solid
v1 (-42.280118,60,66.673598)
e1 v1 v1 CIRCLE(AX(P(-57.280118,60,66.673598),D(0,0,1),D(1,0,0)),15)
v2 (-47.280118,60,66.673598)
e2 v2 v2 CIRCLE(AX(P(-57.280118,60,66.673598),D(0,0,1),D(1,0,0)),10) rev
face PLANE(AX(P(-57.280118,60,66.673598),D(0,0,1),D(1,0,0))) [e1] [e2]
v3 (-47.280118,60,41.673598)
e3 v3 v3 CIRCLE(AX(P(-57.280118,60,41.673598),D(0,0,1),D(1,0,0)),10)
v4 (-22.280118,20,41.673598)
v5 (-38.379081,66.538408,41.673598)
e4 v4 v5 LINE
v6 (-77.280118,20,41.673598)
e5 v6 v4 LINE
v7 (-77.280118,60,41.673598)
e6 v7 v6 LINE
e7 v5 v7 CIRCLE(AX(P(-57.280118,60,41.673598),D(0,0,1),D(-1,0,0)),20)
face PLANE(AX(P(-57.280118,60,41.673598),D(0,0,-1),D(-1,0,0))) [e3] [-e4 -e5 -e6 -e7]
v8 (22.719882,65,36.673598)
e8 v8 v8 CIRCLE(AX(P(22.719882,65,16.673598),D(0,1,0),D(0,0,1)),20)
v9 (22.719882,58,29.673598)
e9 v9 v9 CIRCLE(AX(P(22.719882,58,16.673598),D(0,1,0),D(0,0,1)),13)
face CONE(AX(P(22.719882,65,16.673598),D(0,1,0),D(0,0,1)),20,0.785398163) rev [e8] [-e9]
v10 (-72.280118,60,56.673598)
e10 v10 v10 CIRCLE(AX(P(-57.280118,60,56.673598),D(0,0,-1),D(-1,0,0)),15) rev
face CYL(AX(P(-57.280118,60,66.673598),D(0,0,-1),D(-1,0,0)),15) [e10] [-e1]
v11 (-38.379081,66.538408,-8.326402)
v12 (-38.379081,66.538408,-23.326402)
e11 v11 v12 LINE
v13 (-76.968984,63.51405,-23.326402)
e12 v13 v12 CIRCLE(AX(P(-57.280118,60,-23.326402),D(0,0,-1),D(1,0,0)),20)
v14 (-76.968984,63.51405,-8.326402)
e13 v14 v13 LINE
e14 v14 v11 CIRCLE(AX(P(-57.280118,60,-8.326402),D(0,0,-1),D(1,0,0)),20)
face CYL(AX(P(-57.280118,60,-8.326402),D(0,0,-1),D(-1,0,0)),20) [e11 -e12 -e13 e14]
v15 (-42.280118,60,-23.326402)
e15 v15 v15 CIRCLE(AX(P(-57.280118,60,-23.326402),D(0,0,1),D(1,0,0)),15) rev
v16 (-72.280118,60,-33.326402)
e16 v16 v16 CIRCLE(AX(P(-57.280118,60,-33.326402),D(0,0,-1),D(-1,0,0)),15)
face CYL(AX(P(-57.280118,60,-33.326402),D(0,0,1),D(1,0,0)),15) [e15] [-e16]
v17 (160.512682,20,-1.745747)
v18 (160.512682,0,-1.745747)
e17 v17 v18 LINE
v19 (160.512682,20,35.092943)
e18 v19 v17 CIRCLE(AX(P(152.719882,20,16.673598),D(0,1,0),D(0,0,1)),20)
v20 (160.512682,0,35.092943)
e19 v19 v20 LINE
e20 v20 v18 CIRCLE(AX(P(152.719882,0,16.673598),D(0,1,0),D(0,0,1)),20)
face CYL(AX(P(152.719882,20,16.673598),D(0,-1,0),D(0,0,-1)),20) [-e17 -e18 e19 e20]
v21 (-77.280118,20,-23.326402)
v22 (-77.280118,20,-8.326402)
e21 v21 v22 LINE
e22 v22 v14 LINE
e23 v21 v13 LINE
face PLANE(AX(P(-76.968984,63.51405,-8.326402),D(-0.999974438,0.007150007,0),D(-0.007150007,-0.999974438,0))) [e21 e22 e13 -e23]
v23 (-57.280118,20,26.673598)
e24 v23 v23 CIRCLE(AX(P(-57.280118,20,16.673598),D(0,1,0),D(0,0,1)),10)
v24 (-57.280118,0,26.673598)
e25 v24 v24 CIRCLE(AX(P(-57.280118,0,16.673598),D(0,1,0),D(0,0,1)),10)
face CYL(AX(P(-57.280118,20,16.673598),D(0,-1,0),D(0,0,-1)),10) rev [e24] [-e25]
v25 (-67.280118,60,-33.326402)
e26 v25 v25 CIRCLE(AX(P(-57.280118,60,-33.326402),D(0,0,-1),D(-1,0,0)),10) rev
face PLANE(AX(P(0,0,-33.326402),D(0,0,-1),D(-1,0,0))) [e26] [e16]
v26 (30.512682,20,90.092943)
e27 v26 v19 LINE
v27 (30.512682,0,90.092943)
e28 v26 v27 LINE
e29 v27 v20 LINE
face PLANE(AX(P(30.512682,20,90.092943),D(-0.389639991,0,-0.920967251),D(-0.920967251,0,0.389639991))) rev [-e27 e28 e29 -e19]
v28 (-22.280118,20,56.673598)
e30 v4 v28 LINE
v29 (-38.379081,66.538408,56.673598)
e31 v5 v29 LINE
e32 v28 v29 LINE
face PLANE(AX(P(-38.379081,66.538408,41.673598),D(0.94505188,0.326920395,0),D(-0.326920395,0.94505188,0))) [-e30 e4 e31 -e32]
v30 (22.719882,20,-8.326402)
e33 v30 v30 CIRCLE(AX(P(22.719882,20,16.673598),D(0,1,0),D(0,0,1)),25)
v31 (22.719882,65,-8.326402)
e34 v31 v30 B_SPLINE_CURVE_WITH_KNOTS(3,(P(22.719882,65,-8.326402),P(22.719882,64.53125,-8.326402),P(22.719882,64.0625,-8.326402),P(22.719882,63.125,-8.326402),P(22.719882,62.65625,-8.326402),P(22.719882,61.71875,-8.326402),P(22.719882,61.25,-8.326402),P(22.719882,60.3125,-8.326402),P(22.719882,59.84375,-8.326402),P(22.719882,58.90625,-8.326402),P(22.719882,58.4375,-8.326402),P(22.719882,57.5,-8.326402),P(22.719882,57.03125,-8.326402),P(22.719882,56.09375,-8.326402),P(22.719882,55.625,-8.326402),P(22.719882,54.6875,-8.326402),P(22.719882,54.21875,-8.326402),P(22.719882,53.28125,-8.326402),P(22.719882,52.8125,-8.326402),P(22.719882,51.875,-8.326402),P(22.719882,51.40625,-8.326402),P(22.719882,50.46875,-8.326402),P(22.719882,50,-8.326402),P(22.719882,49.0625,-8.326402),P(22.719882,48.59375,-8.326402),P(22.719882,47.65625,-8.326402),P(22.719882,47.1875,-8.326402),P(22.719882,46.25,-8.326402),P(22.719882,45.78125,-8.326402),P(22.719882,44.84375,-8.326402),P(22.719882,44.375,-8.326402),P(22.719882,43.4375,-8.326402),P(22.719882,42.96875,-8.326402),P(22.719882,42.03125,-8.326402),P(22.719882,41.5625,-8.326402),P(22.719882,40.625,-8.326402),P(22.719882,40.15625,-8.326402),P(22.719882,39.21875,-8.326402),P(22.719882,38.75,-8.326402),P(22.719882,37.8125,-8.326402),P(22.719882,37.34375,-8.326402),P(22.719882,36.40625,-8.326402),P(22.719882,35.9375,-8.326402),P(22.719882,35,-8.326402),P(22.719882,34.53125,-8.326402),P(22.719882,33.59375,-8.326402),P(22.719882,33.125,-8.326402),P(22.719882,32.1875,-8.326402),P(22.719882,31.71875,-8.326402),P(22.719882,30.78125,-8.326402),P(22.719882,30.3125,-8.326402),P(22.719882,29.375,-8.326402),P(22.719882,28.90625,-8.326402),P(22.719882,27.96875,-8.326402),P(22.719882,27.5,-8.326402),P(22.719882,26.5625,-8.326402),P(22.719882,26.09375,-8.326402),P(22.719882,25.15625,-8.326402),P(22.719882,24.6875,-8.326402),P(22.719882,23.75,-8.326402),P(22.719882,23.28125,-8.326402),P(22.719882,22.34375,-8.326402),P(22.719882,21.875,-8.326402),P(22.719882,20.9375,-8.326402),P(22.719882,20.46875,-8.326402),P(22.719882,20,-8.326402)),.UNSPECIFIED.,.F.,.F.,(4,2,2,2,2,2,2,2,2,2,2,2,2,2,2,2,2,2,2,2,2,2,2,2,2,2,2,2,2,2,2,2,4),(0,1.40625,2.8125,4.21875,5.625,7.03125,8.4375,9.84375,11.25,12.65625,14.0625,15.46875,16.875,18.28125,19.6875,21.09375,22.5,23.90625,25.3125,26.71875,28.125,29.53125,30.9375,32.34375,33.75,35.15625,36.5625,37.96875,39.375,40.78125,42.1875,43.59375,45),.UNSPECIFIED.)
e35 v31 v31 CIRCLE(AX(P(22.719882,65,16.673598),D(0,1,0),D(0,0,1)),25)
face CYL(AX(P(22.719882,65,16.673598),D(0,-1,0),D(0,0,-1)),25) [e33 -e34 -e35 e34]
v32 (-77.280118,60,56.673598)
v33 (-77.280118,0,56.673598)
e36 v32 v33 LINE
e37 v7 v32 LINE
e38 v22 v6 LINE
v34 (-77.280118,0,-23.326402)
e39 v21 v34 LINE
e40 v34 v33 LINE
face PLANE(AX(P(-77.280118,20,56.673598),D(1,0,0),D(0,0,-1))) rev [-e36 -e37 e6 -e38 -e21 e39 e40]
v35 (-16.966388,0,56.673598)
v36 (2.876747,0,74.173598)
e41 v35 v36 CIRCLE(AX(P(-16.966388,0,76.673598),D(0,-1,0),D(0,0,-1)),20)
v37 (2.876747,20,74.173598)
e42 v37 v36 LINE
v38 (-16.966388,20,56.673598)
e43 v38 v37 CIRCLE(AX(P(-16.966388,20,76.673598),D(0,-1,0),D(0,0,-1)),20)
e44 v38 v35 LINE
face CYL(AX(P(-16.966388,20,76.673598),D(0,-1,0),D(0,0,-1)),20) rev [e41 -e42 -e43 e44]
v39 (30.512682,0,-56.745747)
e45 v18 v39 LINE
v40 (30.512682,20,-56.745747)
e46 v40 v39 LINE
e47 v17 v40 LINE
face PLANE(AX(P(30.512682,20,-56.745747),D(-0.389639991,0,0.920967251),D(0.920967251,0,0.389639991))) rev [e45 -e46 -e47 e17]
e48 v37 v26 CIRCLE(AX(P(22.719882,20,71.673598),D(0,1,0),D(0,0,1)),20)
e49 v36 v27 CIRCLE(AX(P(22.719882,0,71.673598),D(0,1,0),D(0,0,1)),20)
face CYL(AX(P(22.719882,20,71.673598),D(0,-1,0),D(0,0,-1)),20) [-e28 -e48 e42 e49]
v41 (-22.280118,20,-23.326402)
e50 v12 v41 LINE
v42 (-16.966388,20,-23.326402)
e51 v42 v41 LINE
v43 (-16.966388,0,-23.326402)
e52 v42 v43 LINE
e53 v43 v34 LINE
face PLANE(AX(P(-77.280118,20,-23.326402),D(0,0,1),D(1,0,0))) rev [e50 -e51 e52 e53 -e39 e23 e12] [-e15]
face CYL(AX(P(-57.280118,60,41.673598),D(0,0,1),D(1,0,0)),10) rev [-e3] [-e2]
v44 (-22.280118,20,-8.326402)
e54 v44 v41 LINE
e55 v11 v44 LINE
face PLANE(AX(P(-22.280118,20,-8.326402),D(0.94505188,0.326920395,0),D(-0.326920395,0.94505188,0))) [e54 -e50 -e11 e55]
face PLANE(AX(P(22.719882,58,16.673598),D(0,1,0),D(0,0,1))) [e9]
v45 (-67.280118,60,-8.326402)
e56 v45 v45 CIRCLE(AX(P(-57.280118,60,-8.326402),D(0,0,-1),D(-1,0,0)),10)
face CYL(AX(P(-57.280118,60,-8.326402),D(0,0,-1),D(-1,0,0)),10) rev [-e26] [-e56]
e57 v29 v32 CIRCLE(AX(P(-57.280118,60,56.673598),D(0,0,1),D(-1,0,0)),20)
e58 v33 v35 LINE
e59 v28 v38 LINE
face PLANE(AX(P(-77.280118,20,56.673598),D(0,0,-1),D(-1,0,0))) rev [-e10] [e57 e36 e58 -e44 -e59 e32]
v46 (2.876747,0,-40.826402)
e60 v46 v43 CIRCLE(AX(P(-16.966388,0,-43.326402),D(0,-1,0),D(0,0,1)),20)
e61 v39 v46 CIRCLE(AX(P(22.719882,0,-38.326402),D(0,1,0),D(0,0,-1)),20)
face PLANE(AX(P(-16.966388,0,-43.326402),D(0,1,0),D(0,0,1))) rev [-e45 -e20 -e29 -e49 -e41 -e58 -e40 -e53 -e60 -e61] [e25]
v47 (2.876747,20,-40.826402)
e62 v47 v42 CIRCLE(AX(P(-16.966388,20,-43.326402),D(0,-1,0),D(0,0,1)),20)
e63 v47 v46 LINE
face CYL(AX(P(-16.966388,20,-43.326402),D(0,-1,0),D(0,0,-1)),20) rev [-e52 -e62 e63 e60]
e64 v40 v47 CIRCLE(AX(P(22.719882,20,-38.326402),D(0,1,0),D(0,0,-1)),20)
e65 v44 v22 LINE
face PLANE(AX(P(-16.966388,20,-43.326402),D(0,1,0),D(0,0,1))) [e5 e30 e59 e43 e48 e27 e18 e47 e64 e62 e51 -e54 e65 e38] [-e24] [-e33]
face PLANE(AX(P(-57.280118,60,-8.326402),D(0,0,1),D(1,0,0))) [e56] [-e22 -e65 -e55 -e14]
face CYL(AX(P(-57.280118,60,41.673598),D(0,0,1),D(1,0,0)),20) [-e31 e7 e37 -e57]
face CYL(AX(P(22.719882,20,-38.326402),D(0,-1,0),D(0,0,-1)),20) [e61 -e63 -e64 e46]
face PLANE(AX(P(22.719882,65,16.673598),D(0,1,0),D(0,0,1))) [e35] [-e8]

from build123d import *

# Parameters (mm, degrees)
SKETCH4_R           = 10
BOSS_EXTRUDE1_DEPTH = 20
SKETCH5_R           = 10
BOSS_EXTRUDE2_DEPTH = 15
BOSS_EXTRUDE4_START = 10
SKETCH6_R           = 15
SKETCH6_R_2         = 10
BOSS_EXTRUDE4_DEPTH = 10
BOSS_EXTRUDE6_START = -15
SKETCH10_R          = 10
BOSS_EXTRUDE6_DEPTH = 15
SKETCH11_R          = 15
SKETCH11_R_2        = 10
BOSS_EXTRUDE7_DEPTH = 10
SKETCH12_R          = 25
BOSS_EXTRUDE8_DEPTH = 45
SKETCH14_R          = 20
CUT_EXTRUDE3_DEPTH  = 7
CUT_EXTRUDE3_DRAFT  = -45


with BuildPart() as part:
    # Sketch4 → Boss-Extrude1 (new body)
    with BuildSketch(Plane(origin=(0, 0, 0), x_dir=(1, 0, 0), z_dir=(0, 1, 0))):
        with BuildLine():
            Line((-77.28011811, -56.673598022), (-77.28011811, 23.326401978))
            Line((-77.28011811, 23.326401978), (-16.966387776, 23.326401978))
            ThreePointArc((-16.966387776, 23.326401978), (-3.737631221, 28.326401978), (2.876747057, 40.826401978))
            ThreePointArc((2.876747057, 40.826401978), (12.736944948, 55.656750215), (30.512681706, 56.745747))
            Line((30.512681706, 56.745747), (160.512681706, 1.745747))
            ThreePointArc((160.512681706, 1.745747), (172.71988189, -16.673598022), (160.512681706, -35.092943043))
            Line((160.512681706, -35.092943043), (30.512681706, -90.092943043))
            ThreePointArc((30.512681706, -90.092943043), (12.736944948, -89.003946259), (2.876747057, -74.173598022))
            ThreePointArc((2.876747057, -74.173598022), (-3.737631221, -61.673598022), (-16.966387776, -56.673598022))
            Line((-16.966387776, -56.673598022), (-77.28011811, -56.673598022))
        make_face()
        with Locations((-57.28011811, -16.673598022)):
            Circle(SKETCH4_R, mode=Mode.SUBTRACT)
    extrude(amount=BOSS_EXTRUDE1_DEPTH)

    # Sketch5 → Boss-Extrude2 (add)
    with BuildSketch(Plane.XY.offset(56.673598022)):
        with BuildLine():
            Line((-77.28011811, 20), (-77.28011811, 60))
            ThreePointArc((-77.28011811, 60), (-60.595178298, 79.723345962), (-38.379080515, 66.538407896))
            Line((-38.379080515, 66.538407896), (-22.28011811, 20))
            Line((-22.28011811, 20), (-77.28011811, 20))
        make_face()
        with Locations((-57.28011811, 60)):
            Circle(SKETCH5_R, mode=Mode.SUBTRACT)
    extrude(amount=-BOSS_EXTRUDE2_DEPTH)

    # Sketch6 → Boss-Extrude4 (add)
    with BuildSketch(Plane.XY.offset(56.673598022).offset(BOSS_EXTRUDE4_START)):
        with Locations((-57.28011811, 60)):
            Circle(SKETCH6_R)
        with Locations((-57.28011811, 60)):
            Circle(SKETCH6_R_2, mode=Mode.SUBTRACT)
    extrude(amount=-BOSS_EXTRUDE4_DEPTH)

    # Sketch10 → Boss-Extrude6 (add)
    with BuildSketch(Plane(origin=(0, 0, -23.326401978), x_dir=(-1, 0, 0), z_dir=(0, 0, -1)).offset(BOSS_EXTRUDE6_START)):
        with BuildLine():
            Line((22.28011811, 20), (38.379080515, 66.538407896))
            ThreePointArc((38.379080515, 66.538407896), (58.842761472, 79.938860191), (76.96898439, 63.514049605))
            Line((76.96898439, 63.514049605), (77.28011811, 20))
            Line((77.28011811, 20), (22.28011811, 20))
        make_face()
        with Locations((57.28011811, 60)):
            Circle(SKETCH10_R, mode=Mode.SUBTRACT)
    extrude(amount=BOSS_EXTRUDE6_DEPTH)

    # Sketch11 → Boss-Extrude7 (add)
    with BuildSketch(Plane(origin=(0, 0, -23.326401978), x_dir=(-1, 0, 0), z_dir=(0, 0, -1))):
        with Locations((57.28011811, 60)):
            Circle(SKETCH11_R)
        with Locations((57.28011811, 60)):
            Circle(SKETCH11_R_2, mode=Mode.SUBTRACT)
    extrude(amount=BOSS_EXTRUDE7_DEPTH)

    # Sketch12 → Boss-Extrude8 (add)
    with BuildSketch(Plane(origin=(0, 20, 0), x_dir=(1, 0, 0), z_dir=(0, 1, 0))):
        with Locations((22.71988189, -16.673598022)):
            Circle(SKETCH12_R)
    extrude(amount=BOSS_EXTRUDE8_DEPTH)


with BuildPart() as cut_extrude3_tool:
    # Sketch14 → Cut-Extrude3 (with draft: the straight prism first)
    with BuildSketch(Plane(origin=(0, 65, 0), x_dir=(1, 0, 0), z_dir=(0, 1, 0))):
        with Locations((22.71988189, -16.673598022)):
            Circle(SKETCH14_R)
    extrude(amount=-CUT_EXTRUDE3_DEPTH)
    # Cut-Extrude3: the draft: its side faces are tilted about the plane it starts from
    cut_extrude3_sides = [cut_extrude3_tool.faces().sort_by_distance(p)[0] for p in [
        (2.71988189, 61.5, 16.673598022),
    ]]
    draft(cut_extrude3_sides, Plane(origin=(0, 65, 0), x_dir=(1, 0, 0), z_dir=(0, 1, 0)), CUT_EXTRUDE3_DRAFT)


with BuildPart() as part_1:
    add(part.part)

    # Cut-Extrude3: cut by cut_extrude3_tool
    add(cut_extrude3_tool.part, mode=Mode.SUBTRACT)


solid = part_1.part
